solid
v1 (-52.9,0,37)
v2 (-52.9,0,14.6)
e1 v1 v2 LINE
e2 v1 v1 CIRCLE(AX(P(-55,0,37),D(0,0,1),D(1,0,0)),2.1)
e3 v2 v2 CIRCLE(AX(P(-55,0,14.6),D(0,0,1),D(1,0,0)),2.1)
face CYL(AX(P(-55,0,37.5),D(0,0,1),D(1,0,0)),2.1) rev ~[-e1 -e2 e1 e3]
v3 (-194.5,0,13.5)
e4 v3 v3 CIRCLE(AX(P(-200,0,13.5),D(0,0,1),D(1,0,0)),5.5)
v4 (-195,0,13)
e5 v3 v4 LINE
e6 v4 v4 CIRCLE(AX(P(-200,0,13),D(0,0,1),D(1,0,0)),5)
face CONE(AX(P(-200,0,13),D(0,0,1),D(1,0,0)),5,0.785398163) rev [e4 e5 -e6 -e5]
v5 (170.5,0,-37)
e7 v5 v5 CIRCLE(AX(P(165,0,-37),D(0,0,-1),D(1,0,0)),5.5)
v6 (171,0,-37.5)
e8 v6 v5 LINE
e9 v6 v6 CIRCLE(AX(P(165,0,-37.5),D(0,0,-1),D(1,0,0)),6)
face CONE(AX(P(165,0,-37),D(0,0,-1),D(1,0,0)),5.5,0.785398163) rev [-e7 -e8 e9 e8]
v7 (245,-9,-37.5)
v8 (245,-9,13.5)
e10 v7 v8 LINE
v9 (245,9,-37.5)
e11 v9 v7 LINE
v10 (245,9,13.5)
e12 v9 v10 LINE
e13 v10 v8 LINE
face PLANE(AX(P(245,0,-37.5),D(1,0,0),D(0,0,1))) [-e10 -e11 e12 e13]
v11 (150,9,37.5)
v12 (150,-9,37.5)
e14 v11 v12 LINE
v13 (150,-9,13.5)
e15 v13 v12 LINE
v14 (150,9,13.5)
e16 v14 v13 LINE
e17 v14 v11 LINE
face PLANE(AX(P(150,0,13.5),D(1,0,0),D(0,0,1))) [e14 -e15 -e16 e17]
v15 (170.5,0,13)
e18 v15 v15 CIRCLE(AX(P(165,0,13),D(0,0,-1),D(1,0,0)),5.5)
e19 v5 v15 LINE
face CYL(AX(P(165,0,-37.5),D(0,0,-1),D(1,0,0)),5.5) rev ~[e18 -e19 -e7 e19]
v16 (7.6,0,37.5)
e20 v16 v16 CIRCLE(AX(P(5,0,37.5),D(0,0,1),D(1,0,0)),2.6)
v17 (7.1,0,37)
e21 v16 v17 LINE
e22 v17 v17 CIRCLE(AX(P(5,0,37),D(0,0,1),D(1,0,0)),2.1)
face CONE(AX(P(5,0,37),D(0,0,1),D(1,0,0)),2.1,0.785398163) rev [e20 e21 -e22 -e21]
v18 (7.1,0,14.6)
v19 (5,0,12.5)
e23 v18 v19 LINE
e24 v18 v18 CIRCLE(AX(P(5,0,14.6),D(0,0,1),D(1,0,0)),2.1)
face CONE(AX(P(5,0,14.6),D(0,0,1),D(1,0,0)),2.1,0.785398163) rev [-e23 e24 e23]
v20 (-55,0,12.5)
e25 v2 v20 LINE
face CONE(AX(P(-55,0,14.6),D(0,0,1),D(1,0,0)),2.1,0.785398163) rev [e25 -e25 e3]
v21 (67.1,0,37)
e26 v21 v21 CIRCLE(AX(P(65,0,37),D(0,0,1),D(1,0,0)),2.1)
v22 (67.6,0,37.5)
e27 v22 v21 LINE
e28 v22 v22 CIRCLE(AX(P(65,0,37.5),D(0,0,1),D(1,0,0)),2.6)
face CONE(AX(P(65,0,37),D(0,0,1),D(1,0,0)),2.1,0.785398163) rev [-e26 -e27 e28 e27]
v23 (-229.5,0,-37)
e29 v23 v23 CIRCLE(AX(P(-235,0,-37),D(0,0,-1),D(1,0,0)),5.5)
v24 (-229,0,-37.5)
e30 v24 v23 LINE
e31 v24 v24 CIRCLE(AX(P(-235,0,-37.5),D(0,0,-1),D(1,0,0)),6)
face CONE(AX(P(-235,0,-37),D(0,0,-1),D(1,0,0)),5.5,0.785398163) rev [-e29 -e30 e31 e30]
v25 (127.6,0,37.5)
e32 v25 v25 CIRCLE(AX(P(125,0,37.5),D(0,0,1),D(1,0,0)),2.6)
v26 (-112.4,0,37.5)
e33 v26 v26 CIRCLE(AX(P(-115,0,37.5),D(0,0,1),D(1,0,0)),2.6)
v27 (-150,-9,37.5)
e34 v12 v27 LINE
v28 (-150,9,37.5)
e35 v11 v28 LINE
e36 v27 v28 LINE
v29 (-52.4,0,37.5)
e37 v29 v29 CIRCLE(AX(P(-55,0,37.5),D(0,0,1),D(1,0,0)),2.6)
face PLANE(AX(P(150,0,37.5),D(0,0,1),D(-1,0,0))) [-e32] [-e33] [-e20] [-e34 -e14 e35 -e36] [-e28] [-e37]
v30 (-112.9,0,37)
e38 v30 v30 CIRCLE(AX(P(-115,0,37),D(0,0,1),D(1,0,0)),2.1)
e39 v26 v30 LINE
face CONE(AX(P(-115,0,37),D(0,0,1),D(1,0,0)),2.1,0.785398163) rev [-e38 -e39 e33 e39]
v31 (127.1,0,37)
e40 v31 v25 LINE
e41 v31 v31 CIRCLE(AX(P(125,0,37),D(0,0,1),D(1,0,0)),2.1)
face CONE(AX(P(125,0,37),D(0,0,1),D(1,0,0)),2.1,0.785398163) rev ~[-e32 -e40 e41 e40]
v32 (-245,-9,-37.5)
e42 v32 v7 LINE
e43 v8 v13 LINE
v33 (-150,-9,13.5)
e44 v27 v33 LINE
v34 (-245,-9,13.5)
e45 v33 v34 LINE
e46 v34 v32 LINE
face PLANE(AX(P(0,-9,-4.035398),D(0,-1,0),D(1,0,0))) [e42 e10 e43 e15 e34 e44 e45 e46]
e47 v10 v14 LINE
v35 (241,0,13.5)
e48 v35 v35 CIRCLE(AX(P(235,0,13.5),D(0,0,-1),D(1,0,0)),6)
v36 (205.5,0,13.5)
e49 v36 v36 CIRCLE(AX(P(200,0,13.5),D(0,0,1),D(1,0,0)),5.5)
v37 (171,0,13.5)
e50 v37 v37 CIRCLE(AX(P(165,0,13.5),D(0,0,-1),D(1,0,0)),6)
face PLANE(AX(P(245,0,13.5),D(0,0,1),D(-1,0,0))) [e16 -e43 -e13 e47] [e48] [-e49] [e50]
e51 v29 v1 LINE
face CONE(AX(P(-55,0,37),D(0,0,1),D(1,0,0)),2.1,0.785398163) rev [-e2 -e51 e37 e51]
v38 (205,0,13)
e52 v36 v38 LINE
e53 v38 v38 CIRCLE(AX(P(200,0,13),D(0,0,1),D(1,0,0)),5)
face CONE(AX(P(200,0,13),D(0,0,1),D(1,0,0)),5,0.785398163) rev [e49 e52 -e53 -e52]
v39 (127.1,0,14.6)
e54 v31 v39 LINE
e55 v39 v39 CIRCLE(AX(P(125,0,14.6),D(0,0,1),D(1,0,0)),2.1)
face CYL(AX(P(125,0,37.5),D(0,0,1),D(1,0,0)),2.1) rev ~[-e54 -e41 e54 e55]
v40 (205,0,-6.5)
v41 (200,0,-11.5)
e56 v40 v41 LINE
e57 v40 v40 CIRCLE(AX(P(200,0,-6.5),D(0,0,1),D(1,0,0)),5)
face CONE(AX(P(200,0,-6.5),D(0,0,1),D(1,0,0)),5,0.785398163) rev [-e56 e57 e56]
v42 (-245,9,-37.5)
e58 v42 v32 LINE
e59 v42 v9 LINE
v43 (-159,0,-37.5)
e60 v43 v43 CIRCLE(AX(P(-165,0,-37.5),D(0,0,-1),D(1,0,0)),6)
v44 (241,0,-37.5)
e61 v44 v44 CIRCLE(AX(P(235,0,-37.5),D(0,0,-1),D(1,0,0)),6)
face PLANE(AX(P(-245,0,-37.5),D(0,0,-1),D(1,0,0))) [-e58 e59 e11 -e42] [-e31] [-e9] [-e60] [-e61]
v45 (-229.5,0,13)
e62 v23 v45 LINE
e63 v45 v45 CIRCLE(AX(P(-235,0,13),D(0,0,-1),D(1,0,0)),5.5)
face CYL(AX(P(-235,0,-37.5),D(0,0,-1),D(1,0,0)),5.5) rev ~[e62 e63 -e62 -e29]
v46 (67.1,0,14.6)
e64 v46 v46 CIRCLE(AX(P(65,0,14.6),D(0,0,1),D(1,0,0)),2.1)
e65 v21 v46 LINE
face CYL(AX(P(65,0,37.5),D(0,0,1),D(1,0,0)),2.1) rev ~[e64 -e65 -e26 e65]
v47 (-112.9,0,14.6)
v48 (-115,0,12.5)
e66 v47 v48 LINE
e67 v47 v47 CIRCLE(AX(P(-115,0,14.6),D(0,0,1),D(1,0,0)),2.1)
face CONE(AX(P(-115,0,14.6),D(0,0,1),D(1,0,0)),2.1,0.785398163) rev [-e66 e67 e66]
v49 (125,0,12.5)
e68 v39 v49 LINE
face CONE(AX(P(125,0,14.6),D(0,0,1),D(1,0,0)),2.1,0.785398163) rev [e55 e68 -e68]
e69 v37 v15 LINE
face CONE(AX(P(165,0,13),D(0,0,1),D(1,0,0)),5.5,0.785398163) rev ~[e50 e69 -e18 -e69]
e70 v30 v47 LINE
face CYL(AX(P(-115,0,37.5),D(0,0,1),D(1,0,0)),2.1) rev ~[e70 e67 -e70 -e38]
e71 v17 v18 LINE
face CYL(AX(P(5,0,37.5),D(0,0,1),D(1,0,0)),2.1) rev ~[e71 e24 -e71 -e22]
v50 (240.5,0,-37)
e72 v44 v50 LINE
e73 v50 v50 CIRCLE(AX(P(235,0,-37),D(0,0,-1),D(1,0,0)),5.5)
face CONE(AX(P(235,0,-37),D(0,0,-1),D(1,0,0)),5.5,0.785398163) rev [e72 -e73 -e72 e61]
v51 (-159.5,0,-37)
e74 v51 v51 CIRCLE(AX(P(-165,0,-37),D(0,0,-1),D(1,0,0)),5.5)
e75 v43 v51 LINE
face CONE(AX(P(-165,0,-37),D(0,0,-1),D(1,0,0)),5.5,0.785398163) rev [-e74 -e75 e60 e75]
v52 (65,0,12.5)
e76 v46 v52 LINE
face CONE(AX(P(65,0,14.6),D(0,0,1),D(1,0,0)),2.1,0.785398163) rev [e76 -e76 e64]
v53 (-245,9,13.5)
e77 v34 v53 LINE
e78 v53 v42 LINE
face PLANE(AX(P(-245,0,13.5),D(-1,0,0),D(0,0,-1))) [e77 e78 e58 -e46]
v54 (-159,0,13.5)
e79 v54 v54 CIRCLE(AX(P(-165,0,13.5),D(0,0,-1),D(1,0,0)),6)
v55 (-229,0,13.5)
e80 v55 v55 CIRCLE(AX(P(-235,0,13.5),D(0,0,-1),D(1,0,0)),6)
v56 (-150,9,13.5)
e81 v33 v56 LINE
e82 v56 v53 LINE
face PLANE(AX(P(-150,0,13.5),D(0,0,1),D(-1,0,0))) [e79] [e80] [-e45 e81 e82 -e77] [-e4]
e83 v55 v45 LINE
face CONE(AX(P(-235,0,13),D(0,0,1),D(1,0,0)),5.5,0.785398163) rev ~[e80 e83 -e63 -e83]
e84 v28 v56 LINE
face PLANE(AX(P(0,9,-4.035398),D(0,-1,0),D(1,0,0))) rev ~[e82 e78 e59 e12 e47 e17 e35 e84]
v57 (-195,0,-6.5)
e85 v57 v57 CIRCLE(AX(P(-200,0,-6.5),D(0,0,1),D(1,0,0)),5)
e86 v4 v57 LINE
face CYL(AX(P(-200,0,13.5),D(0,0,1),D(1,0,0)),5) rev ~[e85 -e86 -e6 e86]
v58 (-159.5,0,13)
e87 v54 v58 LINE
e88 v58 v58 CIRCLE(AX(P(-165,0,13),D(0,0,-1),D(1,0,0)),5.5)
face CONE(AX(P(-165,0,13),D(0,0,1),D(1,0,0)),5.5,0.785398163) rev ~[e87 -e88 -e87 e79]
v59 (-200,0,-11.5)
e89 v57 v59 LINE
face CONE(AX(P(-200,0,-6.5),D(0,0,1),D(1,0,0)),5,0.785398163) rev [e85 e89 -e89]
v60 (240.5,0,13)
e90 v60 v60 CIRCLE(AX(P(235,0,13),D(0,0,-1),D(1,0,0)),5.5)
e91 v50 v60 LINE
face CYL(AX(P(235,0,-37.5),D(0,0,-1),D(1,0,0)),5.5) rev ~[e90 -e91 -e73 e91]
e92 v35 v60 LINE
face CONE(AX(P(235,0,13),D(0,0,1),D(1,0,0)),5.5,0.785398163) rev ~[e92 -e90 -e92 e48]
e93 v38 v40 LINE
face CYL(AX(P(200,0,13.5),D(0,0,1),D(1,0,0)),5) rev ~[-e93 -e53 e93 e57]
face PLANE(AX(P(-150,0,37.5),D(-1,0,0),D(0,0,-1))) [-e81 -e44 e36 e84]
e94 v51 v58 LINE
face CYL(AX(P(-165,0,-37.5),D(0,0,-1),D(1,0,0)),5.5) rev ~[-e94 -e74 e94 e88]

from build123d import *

# Parameters (mm, degrees)
F1_DEPTH = 9
F2_R     = 5.5
F3_DEPTH = 51
F4_R     = 2.1
F5_DEPTH = 25
F6_R     = 5
F7_DEPTH = 25
F8_SIZE  = 5
F9_SIZE  = 2.1
F10_SIZE = 0.5


with BuildPart() as f1:
    # F0 (on Front) → F1 (new body, symmetric)
    with BuildSketch(Plane.XZ):
        Polygon((-245, 13.5), (-245, -37.5), (245, -37.5), (245, 13.5), (150, 13.5), (150, 37.5), (-150, 37.5), (-150, 13.5), align=None)
    extrude(amount=F1_DEPTH, both=True)

    # F2 (on face) → F3 (cut, through all)
    with BuildSketch(Plane(origin=(0, 0, -37.5), x_dir=(1, 0, 0), z_dir=(0, 0, -1))):
        with Locations((235, 0)):
            Circle(F2_R)
        with Locations((165, 0)):
            Circle(F2_R)
        with Locations((-165, 0)):
            Circle(F2_R)
        with Locations((-235, 0)):
            Circle(F2_R)
    extrude(amount=-F3_DEPTH, mode=Mode.SUBTRACT)

    # F4 (on face) → F5 (cut)
    with BuildSketch(Plane.XY.offset(37.5)):
        with Locations((-115, 0)):
            Circle(F4_R)
        with Locations((-55, 0)):
            Circle(F4_R)
        with Locations((5, 0)):
            Circle(F4_R)
        with Locations((65, 0)):
            Circle(F4_R)
        with Locations((125, 0)):
            Circle(F4_R)
    extrude(amount=-F5_DEPTH, mode=Mode.SUBTRACT)

    # F6 (on face) → F7 (cut)
    with BuildSketch(Plane.XY.offset(13.5)):
        with Locations((-200, 0)):
            Circle(F6_R)
        with Locations((200, 0)):
            Circle(F6_R)
    extrude(amount=-F7_DEPTH, mode=Mode.SUBTRACT)

    # F8
    f8_edges = [f1.edges().sort_by_distance(p)[0] for p in [
        (-205, 0, -11.5),
        (195, 0, -11.5),
    ]]
    chamfer(f8_edges, length=F8_SIZE)

    # F9
    f9_edges = [f1.edges().sort_by_distance(p)[0] for p in [
        (122.9, 0, 12.5),
        (62.9, 0, 12.5),
        (2.9, 0, 12.5),
        (-57.1, 0, 12.5),
        (-117.1, 0, 12.5),
    ]]
    chamfer(f9_edges, length=F9_SIZE)

    # F10
    f10_edges = [f1.edges().sort_by_distance(p)[0] for p in [
        (-159.5, 0, -12),
        (-170.5, 0, -37.5),
        (-170.5, 0, 13.5),
        (-229.5, 0, -12),
        (-240.5, 0, -37.5),
        (-240.5, 0, 13.5),
        (-205, 0, 13.5),
        (-117.1, 0, 37.5),
        (-57.1, 0, 37.5),
        (2.9, 0, 37.5),
        (62.9, 0, 37.5),
        (122.9, 0, 37.5),
        (170.5, 0, -12),
        (159.5, 0, -37.5),
        (159.5, 0, 13.5),
        (240.5, 0, -12),
        (229.5, 0, -37.5),
        (229.5, 0, 13.5),
        (195, 0, 13.5),
    ]]
    chamfer(f10_edges, length=F10_SIZE)


solid = f1.part
